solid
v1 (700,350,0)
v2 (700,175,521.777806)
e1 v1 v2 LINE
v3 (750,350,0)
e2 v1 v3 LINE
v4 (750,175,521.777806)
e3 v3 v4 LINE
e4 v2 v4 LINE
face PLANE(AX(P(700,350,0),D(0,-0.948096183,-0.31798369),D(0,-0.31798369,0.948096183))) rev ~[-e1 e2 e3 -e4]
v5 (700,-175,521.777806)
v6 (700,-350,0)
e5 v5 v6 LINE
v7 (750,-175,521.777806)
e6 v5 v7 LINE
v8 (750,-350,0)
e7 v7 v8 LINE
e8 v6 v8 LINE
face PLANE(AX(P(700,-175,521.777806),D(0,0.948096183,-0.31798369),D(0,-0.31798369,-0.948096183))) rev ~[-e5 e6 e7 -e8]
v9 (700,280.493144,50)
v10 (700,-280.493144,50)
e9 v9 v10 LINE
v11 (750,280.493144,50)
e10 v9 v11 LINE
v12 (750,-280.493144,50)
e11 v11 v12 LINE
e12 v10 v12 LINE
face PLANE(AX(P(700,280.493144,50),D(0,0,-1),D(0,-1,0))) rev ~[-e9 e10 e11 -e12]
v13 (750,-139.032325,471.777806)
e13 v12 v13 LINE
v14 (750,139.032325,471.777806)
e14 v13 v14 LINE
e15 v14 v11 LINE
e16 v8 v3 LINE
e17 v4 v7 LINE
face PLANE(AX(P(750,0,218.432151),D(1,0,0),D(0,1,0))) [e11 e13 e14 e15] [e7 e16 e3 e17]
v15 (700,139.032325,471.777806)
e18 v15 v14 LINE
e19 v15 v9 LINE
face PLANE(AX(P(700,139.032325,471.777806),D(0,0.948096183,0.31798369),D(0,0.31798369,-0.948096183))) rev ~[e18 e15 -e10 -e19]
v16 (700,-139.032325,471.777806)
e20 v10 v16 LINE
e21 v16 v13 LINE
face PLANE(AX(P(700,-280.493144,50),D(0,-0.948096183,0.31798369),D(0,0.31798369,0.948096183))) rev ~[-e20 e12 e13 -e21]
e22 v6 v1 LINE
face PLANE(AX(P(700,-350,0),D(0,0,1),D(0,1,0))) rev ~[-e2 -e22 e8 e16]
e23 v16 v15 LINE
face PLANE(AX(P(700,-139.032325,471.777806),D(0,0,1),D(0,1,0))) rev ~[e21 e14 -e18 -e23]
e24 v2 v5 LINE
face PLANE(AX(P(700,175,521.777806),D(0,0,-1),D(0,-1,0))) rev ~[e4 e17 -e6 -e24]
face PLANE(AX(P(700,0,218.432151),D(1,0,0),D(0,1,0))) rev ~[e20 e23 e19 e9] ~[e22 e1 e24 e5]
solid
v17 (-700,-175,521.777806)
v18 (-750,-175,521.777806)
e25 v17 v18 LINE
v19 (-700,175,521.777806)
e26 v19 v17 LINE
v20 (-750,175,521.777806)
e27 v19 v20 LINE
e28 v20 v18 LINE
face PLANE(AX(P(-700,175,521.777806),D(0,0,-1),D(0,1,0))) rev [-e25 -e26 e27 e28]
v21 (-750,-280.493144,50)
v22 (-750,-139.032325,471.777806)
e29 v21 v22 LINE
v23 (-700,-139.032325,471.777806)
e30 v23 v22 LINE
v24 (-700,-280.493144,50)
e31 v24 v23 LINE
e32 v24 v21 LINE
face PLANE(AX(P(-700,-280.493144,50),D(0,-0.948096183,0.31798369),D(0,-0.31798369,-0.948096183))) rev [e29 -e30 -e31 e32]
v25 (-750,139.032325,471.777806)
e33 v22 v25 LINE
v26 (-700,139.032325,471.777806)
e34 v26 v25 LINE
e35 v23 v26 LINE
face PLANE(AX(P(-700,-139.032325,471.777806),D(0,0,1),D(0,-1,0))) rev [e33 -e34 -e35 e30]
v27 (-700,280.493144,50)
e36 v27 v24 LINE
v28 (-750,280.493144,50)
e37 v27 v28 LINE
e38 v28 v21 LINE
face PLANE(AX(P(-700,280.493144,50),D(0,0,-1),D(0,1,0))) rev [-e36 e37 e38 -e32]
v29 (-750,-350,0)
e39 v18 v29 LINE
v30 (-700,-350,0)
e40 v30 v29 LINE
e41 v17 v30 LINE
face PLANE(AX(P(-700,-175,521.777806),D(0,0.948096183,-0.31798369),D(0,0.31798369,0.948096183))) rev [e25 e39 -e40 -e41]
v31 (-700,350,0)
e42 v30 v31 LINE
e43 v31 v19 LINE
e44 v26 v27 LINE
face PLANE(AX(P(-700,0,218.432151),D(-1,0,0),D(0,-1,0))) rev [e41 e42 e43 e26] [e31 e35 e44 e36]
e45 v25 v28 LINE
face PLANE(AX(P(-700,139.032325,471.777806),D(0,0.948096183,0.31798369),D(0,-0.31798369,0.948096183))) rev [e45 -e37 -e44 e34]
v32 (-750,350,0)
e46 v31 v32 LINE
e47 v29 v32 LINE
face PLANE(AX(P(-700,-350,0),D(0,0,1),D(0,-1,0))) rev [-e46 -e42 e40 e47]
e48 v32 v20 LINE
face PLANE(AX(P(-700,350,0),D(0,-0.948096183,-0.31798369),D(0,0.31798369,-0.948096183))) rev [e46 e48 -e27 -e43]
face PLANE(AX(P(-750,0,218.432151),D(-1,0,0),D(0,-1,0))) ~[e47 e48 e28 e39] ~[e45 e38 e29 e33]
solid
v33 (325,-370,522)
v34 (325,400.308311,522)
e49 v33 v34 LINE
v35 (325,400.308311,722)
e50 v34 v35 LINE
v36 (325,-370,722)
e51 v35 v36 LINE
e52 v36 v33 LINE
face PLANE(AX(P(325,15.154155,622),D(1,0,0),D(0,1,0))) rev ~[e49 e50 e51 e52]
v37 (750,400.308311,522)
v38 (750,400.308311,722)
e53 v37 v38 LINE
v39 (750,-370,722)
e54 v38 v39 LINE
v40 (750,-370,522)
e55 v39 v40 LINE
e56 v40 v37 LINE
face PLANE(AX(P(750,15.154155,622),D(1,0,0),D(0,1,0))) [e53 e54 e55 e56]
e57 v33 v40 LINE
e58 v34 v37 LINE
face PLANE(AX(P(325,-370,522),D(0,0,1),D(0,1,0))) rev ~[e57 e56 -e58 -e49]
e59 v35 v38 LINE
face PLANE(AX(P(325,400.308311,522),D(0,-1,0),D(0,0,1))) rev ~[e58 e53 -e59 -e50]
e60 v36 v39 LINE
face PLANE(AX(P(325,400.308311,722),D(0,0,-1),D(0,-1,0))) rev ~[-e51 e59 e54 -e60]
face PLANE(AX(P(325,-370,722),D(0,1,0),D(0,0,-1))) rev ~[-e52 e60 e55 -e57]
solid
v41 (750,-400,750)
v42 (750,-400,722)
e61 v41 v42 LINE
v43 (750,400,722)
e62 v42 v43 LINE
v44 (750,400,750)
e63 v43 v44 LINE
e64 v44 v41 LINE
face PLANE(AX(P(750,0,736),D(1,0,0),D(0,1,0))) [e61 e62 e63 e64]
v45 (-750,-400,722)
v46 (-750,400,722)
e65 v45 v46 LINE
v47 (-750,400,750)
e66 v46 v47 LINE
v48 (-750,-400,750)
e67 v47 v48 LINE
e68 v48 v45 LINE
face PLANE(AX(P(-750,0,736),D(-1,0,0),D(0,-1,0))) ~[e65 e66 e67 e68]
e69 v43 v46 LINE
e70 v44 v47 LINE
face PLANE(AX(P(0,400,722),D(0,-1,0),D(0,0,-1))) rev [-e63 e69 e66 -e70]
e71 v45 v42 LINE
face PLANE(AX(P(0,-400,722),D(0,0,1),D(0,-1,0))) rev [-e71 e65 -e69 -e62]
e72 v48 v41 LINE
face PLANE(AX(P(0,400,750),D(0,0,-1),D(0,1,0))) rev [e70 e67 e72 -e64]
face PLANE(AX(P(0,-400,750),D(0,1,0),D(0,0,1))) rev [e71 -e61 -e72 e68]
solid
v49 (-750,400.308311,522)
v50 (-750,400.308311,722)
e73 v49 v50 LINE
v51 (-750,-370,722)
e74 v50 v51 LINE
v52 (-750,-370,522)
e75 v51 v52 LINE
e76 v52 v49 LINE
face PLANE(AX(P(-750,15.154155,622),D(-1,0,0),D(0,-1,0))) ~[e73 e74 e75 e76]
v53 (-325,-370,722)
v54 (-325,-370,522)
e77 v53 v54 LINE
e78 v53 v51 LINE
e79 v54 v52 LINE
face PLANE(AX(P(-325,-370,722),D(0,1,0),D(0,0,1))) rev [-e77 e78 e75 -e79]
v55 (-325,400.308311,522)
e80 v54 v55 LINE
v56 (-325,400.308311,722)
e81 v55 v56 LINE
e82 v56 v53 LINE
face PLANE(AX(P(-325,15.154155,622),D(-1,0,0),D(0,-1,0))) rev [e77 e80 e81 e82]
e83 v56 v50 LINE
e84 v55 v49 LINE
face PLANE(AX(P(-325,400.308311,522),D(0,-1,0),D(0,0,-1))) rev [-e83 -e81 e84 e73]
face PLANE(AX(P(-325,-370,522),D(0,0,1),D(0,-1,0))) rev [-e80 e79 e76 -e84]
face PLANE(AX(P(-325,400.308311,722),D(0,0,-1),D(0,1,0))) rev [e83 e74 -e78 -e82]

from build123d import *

# Parameters (mm, degrees)
F2_DEPTH = 750
F3_START = 700
F3_DEPTH = 50
F5_START = 325
F5_DEPTH = 425


with BuildPart() as f2:
    # F1 (on Right) → F2 (new body)
    with BuildSketch(Plane.YZ):
        Polygon((400, 750), (-400, 750), (-400, 722), (-370, 722), (400, 722), align=None)
    extrude(amount=F2_DEPTH)

    # F4: F2, F3 across plane


with BuildPart() as f3:
    # F1 (on Right) → F3 (new body)
    with BuildSketch(Plane.YZ.offset(F3_START)):
        Polygon((175, 521.7778058052), (-175, 521.7778058052), (-350, 0), (350, 0), align=None)
        Polygon((-280.4931444071, 50), (-139.0323248883, 471.7778058052), (139.0323248883, 471.7778058052), (280.4931444071, 50), align=None, mode=Mode.SUBTRACT)
    extrude(amount=F3_DEPTH)


with BuildPart() as f2_1:
    add(f2.part)
    add(f2.part.mirror(Plane.YZ))
    add(f3.part.mirror(Plane.YZ))


with BuildPart() as f5:
    # F1 (on Right) → F5 (new body)
    with BuildSketch(Plane.YZ.offset(F5_START)):
        Polygon((400.3083109856, 722), (400, 722), (-370, 722), (-370, 522), (400.3083109856, 522), align=None)
    extrude(amount=F5_DEPTH)


with BuildPart() as f6_1:
    # F6: instance of F5
    add(f5.part.mirror(Plane.YZ))


solid = Compound([f3.part, f2_1.part, f5.part, f6_1.part])
